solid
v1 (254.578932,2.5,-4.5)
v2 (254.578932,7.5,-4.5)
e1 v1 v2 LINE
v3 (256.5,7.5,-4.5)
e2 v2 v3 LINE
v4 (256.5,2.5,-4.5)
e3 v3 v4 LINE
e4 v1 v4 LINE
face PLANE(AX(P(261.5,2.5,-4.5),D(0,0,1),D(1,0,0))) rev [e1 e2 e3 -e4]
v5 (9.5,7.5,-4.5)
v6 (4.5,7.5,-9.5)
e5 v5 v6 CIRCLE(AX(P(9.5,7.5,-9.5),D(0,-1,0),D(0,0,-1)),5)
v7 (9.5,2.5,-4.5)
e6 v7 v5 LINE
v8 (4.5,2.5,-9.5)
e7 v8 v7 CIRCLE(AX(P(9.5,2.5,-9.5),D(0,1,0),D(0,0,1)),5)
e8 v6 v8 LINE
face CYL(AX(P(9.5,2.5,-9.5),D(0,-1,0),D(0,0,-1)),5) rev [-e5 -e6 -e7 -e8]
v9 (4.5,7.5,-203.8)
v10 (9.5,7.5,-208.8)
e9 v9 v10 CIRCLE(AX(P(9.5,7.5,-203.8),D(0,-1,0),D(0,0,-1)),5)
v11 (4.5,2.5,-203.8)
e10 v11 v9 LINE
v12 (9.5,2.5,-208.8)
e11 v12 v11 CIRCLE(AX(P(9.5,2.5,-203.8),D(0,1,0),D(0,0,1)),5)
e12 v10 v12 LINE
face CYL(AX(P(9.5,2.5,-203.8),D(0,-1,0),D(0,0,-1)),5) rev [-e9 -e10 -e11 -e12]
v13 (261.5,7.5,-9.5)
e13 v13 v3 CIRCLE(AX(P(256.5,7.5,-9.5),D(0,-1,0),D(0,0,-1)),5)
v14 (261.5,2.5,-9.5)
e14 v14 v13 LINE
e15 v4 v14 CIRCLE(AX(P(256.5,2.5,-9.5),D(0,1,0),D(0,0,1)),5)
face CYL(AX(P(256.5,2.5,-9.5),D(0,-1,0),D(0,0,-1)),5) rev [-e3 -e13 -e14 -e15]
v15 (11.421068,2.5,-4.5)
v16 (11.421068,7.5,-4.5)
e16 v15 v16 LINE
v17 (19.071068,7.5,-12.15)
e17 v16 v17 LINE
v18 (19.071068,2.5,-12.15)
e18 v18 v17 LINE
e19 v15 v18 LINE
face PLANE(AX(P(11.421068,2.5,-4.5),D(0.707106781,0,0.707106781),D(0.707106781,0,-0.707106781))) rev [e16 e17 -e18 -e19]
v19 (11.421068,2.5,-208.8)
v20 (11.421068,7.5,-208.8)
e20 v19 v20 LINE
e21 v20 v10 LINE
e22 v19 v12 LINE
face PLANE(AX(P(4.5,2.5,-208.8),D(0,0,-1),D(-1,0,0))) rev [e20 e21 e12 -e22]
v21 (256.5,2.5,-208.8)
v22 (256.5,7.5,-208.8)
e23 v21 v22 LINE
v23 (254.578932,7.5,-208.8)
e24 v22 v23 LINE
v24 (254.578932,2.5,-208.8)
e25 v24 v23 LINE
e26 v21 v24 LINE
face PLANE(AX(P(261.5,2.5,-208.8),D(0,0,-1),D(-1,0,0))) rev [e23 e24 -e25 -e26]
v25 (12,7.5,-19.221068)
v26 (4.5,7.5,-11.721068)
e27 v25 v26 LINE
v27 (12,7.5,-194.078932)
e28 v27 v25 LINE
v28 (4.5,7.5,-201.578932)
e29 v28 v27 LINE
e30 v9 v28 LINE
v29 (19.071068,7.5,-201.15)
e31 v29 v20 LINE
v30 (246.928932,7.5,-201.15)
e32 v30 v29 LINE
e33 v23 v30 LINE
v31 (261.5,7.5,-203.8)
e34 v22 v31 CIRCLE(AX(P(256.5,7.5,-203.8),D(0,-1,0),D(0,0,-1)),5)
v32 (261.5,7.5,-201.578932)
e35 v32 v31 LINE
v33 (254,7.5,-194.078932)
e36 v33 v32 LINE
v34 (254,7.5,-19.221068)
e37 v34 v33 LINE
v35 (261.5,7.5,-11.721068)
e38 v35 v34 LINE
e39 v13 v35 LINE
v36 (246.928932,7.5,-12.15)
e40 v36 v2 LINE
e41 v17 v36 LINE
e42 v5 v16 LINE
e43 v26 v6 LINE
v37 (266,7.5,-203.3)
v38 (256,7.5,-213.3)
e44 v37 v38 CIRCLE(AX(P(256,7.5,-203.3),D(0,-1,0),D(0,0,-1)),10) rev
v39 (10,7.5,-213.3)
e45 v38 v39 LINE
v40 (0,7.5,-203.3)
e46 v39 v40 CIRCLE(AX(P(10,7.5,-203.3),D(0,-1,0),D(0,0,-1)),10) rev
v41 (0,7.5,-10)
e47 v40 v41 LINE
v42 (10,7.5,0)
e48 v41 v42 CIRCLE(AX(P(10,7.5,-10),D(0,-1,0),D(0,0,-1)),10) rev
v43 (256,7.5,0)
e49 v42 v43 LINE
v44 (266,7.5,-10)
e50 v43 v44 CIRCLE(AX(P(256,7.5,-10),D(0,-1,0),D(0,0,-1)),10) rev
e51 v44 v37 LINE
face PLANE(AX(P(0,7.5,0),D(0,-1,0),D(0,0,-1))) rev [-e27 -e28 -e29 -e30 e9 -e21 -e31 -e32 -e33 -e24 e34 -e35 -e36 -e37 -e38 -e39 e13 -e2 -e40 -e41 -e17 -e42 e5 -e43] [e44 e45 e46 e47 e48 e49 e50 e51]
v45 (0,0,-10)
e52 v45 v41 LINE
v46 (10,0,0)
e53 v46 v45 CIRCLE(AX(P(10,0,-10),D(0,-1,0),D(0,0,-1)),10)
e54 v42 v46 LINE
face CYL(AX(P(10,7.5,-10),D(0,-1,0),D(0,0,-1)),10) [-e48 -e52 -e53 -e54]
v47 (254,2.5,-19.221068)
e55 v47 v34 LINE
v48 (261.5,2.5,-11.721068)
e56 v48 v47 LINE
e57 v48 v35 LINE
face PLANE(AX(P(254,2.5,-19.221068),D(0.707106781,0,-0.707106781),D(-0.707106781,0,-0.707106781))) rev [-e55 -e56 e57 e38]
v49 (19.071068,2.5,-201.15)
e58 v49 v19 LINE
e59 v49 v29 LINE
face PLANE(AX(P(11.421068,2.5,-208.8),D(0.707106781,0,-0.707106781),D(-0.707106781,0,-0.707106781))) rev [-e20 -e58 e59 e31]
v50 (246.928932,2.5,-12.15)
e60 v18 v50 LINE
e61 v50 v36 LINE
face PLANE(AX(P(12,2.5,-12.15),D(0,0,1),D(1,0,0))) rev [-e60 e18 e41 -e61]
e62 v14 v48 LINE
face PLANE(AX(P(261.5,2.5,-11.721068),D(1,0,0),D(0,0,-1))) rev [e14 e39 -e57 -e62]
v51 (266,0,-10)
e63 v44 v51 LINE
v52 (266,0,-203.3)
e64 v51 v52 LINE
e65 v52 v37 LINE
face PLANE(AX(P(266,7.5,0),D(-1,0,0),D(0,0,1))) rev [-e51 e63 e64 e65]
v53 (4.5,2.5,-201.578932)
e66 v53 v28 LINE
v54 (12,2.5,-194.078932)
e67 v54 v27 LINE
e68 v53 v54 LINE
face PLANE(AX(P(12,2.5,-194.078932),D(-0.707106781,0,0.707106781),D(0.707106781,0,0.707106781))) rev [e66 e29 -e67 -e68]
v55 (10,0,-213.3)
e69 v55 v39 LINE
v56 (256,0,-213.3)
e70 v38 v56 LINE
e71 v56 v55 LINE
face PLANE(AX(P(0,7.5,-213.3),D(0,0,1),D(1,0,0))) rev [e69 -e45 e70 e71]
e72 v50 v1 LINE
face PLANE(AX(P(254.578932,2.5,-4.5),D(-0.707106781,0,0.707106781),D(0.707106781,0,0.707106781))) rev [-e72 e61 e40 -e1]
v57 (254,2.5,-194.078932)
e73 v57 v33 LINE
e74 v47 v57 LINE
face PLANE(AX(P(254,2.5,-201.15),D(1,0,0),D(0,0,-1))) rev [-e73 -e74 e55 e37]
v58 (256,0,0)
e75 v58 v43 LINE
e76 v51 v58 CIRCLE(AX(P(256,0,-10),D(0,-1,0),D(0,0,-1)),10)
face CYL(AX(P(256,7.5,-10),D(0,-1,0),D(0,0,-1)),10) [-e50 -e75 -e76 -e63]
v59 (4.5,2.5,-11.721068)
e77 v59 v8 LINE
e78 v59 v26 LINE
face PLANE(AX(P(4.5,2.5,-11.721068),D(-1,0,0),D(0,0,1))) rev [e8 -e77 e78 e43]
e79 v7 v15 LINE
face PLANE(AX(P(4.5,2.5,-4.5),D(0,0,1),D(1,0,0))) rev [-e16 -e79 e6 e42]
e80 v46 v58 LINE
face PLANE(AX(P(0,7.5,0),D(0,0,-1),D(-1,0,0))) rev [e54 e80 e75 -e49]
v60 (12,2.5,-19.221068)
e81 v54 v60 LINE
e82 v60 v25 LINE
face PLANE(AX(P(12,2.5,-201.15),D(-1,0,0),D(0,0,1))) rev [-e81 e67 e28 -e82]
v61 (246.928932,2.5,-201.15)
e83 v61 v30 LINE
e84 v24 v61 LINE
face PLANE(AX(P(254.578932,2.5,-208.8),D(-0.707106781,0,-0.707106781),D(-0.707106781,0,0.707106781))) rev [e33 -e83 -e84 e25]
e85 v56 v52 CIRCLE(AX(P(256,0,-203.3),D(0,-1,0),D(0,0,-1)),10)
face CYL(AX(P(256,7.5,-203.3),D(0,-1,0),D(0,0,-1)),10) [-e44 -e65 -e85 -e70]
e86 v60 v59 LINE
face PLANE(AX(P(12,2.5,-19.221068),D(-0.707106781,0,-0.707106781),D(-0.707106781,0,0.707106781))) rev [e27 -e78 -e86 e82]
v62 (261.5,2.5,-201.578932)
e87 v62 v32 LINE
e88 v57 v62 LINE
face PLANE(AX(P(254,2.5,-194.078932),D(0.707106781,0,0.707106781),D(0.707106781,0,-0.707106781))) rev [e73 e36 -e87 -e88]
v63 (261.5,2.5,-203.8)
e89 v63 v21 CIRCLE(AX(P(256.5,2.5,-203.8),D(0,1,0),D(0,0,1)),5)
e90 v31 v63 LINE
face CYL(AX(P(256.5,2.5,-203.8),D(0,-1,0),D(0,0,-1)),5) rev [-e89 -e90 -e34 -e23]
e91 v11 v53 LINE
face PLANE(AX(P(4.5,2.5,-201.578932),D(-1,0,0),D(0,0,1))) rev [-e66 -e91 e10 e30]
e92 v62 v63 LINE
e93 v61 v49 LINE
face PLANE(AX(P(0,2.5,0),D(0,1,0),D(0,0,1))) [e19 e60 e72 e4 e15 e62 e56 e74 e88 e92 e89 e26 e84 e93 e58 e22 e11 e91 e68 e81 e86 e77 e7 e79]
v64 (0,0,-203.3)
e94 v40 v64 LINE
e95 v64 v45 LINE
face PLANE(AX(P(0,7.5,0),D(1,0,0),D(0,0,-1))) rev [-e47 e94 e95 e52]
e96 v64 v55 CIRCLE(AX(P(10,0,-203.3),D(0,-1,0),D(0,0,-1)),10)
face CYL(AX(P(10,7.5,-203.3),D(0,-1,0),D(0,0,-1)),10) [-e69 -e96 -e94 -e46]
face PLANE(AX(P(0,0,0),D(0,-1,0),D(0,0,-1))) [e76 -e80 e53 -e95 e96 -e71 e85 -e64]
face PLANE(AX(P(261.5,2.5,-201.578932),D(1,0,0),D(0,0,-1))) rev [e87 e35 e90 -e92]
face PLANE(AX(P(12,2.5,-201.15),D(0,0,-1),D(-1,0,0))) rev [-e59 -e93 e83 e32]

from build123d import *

# Parameters (mm, degrees)
SKETCH1_W           = 266
SKETCH1_H           = 213.3
BOSS_EXTRUDE1_DEPTH = 7.5
SKETCH2_W           = 242
SKETCH2_H           = 189
CUT_EXTRUDE1_DEPTH  = 5
CUT_EXTRUDE2_DEPTH  = 5
FILLET1_R           = 5
FILLET2_R           = 10


with BuildPart() as part:
    # Sketch1 → Boss-Extrude1 (new body)
    with BuildSketch(Plane(origin=(0, 0, 0), x_dir=(1, 0, 0), z_dir=(0, 1, 0))):
        with Locations((133, 106.65)):
            Rectangle(SKETCH1_W, SKETCH1_H)
    extrude(amount=BOSS_EXTRUDE1_DEPTH)

    # Sketch2 → Cut-Extrude1 (cut)
    with BuildSketch(Plane(origin=(0, 7.5, 0), x_dir=(1, 0, 0), z_dir=(0, 1, 0))):
        with Locations((133, 106.65)):
            Rectangle(SKETCH2_W, SKETCH2_H)
    extrude(amount=-CUT_EXTRUDE1_DEPTH, mode=Mode.SUBTRACT)

    # Sketch3 → Cut-Extrude2 (cut)
    with BuildSketch(Plane(origin=(0, 7.5, 0), x_dir=(1, 0, 0), z_dir=(0, 1, 0))):
        Polygon((12, 194.078932188), (4.5, 201.578932188), (4.5, 208.8), (11.421067812, 208.8), (19.071067812, 201.15), align=None)
        Polygon((19.071067812, 12.15), (12, 19.221067812), (4.5, 11.721067812), (4.5, 4.5), (11.421067812, 4.5), align=None)
        Polygon((254, 19.221067812), (261.5, 11.721067812), (261.5, 4.5), (254.578932188, 4.5), (246.928932188, 12.15), align=None)
        Polygon((246.928932188, 201.15), (254, 194.078932188), (261.5, 201.578932188), (261.5, 208.8), (254.578932188, 208.8), align=None)
    extrude(amount=-CUT_EXTRUDE2_DEPTH, mode=Mode.SUBTRACT)

    # Fillet1
    fillet1_edges = [part.edges().sort_by_distance(p)[0] for p in [
        (4.5, 5, -208.8),
        (4.5, 5, -4.5),
        (261.5, 5, -4.5),
        (261.5, 5, -208.8),
    ]]
    fillet(fillet1_edges, radius=FILLET1_R)

    # Fillet2
    fillet2_edges = [part.edges().sort_by_distance(p)[0] for p in [
        (0, 3.75, -213.3),
        (266, 3.75, -213.3),
        (266, 3.75, 0),
        (0, 3.75, 0),
    ]]
    fillet(fillet2_edges, radius=FILLET2_R)


solid = part.part
